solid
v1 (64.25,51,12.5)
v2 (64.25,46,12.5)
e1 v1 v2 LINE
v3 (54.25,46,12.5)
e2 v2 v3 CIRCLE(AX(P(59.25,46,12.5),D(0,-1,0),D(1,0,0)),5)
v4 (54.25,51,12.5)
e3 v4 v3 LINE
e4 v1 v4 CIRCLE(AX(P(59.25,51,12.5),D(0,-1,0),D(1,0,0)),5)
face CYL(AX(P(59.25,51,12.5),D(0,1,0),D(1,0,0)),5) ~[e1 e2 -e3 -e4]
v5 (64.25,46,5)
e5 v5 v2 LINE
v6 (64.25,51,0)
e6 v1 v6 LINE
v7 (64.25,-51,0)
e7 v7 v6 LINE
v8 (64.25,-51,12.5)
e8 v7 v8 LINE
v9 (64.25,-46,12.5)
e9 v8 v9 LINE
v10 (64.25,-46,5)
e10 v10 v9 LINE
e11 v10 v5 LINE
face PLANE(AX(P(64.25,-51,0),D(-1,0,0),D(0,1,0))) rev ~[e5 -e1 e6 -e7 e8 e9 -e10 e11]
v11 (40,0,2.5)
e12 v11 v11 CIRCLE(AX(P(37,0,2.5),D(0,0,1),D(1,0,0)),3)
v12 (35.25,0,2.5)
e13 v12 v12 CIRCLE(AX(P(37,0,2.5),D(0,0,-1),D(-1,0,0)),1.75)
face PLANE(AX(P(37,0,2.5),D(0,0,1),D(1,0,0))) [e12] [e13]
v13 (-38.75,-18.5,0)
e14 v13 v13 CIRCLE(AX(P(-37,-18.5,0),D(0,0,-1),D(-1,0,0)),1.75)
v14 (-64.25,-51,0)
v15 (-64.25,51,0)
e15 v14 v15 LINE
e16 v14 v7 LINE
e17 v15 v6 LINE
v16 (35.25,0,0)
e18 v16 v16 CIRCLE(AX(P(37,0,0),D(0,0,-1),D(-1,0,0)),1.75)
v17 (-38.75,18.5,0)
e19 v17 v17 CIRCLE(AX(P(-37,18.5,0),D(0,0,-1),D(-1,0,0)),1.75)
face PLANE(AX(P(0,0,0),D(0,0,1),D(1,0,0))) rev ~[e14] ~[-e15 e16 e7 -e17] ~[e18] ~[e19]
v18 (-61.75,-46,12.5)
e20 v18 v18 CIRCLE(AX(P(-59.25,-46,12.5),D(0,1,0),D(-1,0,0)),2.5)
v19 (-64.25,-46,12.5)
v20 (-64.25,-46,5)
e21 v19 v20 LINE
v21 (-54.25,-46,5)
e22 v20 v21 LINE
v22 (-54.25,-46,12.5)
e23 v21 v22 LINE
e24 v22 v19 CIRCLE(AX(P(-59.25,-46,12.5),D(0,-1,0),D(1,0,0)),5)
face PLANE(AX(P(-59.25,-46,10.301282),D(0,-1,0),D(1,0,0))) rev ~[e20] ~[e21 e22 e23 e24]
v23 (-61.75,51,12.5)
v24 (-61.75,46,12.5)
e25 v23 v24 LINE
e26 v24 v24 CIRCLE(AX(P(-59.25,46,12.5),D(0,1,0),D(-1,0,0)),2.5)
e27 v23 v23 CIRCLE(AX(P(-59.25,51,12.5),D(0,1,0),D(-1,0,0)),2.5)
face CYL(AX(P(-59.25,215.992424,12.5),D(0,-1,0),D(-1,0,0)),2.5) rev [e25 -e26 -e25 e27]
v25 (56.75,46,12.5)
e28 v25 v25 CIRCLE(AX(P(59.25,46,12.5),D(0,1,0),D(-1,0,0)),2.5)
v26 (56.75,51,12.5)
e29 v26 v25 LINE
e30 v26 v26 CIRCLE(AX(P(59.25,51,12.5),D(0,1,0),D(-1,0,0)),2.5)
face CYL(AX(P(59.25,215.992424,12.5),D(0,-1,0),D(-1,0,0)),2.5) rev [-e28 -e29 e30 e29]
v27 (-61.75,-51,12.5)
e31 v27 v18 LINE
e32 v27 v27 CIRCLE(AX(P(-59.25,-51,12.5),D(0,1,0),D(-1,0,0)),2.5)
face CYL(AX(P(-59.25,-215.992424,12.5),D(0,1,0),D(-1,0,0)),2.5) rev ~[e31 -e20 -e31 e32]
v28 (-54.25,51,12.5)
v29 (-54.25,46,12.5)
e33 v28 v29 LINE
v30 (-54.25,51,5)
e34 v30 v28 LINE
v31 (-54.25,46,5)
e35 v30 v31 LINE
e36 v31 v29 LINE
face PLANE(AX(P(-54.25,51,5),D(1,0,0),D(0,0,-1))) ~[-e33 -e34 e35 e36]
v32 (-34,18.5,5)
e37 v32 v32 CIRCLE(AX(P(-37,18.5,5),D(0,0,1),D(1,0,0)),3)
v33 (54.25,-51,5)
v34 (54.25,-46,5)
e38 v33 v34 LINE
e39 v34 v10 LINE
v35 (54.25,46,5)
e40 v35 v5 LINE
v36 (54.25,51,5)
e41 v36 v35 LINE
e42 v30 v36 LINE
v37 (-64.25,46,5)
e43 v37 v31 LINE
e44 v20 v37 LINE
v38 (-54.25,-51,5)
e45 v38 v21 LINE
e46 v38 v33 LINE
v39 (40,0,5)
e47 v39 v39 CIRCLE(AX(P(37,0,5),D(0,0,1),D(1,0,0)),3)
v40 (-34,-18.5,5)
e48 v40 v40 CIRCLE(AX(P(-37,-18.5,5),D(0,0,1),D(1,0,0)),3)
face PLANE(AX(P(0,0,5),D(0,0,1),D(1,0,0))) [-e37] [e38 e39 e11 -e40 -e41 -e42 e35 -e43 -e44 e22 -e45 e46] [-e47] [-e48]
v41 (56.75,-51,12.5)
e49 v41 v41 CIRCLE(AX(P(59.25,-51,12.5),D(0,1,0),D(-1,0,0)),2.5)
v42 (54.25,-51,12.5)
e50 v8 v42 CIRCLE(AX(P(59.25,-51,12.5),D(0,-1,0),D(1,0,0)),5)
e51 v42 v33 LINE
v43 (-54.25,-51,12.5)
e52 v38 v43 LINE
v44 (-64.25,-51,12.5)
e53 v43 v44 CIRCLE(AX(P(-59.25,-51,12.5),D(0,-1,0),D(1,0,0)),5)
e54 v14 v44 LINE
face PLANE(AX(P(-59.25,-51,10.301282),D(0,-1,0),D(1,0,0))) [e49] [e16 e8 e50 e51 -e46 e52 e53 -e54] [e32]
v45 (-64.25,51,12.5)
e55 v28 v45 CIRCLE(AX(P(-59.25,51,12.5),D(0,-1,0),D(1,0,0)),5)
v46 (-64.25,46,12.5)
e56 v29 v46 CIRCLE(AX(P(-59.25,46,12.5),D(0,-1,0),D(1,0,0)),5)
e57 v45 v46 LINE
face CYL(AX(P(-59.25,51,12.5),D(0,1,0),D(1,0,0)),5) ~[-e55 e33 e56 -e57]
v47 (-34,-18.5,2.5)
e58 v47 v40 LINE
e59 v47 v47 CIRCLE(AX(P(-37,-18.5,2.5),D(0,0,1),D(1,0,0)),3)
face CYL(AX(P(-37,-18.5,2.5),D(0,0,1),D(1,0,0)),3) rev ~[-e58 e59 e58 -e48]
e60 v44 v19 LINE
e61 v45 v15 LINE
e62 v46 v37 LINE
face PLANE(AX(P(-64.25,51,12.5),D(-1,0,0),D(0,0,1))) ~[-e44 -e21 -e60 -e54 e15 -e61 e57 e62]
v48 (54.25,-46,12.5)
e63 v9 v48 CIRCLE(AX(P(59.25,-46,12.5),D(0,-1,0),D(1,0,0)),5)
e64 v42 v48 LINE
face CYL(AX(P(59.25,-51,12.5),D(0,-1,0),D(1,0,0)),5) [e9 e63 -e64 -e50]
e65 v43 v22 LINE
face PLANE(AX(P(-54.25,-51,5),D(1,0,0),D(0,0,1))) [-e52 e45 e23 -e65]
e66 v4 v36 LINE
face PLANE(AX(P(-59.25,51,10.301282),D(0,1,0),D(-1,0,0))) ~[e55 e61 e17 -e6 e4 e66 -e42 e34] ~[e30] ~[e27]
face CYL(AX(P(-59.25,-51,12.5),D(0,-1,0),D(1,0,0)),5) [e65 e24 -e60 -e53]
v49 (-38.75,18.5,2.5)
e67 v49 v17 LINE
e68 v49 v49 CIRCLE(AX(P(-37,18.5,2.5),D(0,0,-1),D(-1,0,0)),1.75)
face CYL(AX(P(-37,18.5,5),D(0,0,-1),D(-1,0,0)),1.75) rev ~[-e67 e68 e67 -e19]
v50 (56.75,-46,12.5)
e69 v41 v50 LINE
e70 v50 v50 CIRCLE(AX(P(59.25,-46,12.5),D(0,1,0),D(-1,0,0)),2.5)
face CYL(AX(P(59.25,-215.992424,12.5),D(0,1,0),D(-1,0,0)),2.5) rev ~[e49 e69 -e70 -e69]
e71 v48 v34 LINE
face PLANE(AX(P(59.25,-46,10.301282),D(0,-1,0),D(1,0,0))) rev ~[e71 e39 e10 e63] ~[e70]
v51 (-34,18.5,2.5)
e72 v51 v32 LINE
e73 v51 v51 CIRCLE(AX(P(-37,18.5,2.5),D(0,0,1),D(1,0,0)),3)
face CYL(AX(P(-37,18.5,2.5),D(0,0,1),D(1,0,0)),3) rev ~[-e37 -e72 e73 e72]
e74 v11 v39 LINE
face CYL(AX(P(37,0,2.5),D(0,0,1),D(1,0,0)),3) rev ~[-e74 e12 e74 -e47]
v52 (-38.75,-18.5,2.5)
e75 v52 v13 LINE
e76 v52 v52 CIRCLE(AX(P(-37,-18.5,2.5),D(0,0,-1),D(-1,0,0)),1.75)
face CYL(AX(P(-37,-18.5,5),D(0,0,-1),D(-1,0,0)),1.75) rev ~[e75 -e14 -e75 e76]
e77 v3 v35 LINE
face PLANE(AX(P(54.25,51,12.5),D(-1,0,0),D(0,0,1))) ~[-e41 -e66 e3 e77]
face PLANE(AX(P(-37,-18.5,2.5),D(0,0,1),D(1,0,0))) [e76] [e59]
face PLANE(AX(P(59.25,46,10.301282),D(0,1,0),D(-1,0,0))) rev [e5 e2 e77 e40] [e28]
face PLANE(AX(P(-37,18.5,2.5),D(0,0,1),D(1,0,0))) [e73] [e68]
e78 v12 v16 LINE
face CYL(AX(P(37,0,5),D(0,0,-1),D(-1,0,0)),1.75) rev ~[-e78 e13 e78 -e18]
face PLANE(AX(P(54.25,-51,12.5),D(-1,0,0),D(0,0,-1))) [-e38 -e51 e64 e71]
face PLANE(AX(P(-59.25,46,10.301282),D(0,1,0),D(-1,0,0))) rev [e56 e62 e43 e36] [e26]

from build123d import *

# Parameters (mm, degrees)
F0_W           = 128.5
F0_H           = 102
F1_DEPTH       = 5
F3_DEPTH       = 5
F5_D           = 5
F8_D           = 3.5
F8_CBORE_D     = 6
F8_CBORE_DEPTH = 2.5


with BuildPart() as f1:
    # F0 (on Top) → F1 (new body)
    with BuildSketch(Plane.XY):
        Rectangle(F0_W, F0_H)
    extrude(amount=F1_DEPTH)

    # F2 (on face) → F3 (join)
    with BuildSketch(Plane.XZ.offset(51)):
        with BuildLine():
            Line((-64.25, 12.5), (-64.25, 5))
            Line((-64.25, 5), (-54.25, 5))
            Line((-54.25, 5), (-54.25, 12.5))
            ThreePointArc((-54.25, 12.5), (-59.25, 17.5), (-64.25, 12.5))
        make_face()
        with BuildLine():
            Line((54.25, 12.5), (54.25, 5))
            Line((54.25, 5), (64.25, 5))
            Line((64.25, 5), (64.25, 12.5))
            ThreePointArc((64.25, 12.5), (59.25, 17.5), (54.25, 12.5))
        make_face()
    extrude(amount=-F3_DEPTH)

    # F5 (through all)
    with Locations(Plane.XZ.offset(51)):
        with Locations((-59.25, 12.5), (59.25, 12.5)):
            Hole(F5_D / 2)

    # F6: F1 across plane


with BuildPart() as f1_1:
    add(f1.part)
    add(f1.part.mirror(Plane.XZ))

    # F8 (through all)
    with Locations(Plane.XY.offset(5)):
        with Locations((-37, 18.5), (-37, -18.5), (37, 0)):
            CounterBoreHole(F8_D / 2, F8_CBORE_D / 2, F8_CBORE_DEPTH)


solid = f1_1.part
